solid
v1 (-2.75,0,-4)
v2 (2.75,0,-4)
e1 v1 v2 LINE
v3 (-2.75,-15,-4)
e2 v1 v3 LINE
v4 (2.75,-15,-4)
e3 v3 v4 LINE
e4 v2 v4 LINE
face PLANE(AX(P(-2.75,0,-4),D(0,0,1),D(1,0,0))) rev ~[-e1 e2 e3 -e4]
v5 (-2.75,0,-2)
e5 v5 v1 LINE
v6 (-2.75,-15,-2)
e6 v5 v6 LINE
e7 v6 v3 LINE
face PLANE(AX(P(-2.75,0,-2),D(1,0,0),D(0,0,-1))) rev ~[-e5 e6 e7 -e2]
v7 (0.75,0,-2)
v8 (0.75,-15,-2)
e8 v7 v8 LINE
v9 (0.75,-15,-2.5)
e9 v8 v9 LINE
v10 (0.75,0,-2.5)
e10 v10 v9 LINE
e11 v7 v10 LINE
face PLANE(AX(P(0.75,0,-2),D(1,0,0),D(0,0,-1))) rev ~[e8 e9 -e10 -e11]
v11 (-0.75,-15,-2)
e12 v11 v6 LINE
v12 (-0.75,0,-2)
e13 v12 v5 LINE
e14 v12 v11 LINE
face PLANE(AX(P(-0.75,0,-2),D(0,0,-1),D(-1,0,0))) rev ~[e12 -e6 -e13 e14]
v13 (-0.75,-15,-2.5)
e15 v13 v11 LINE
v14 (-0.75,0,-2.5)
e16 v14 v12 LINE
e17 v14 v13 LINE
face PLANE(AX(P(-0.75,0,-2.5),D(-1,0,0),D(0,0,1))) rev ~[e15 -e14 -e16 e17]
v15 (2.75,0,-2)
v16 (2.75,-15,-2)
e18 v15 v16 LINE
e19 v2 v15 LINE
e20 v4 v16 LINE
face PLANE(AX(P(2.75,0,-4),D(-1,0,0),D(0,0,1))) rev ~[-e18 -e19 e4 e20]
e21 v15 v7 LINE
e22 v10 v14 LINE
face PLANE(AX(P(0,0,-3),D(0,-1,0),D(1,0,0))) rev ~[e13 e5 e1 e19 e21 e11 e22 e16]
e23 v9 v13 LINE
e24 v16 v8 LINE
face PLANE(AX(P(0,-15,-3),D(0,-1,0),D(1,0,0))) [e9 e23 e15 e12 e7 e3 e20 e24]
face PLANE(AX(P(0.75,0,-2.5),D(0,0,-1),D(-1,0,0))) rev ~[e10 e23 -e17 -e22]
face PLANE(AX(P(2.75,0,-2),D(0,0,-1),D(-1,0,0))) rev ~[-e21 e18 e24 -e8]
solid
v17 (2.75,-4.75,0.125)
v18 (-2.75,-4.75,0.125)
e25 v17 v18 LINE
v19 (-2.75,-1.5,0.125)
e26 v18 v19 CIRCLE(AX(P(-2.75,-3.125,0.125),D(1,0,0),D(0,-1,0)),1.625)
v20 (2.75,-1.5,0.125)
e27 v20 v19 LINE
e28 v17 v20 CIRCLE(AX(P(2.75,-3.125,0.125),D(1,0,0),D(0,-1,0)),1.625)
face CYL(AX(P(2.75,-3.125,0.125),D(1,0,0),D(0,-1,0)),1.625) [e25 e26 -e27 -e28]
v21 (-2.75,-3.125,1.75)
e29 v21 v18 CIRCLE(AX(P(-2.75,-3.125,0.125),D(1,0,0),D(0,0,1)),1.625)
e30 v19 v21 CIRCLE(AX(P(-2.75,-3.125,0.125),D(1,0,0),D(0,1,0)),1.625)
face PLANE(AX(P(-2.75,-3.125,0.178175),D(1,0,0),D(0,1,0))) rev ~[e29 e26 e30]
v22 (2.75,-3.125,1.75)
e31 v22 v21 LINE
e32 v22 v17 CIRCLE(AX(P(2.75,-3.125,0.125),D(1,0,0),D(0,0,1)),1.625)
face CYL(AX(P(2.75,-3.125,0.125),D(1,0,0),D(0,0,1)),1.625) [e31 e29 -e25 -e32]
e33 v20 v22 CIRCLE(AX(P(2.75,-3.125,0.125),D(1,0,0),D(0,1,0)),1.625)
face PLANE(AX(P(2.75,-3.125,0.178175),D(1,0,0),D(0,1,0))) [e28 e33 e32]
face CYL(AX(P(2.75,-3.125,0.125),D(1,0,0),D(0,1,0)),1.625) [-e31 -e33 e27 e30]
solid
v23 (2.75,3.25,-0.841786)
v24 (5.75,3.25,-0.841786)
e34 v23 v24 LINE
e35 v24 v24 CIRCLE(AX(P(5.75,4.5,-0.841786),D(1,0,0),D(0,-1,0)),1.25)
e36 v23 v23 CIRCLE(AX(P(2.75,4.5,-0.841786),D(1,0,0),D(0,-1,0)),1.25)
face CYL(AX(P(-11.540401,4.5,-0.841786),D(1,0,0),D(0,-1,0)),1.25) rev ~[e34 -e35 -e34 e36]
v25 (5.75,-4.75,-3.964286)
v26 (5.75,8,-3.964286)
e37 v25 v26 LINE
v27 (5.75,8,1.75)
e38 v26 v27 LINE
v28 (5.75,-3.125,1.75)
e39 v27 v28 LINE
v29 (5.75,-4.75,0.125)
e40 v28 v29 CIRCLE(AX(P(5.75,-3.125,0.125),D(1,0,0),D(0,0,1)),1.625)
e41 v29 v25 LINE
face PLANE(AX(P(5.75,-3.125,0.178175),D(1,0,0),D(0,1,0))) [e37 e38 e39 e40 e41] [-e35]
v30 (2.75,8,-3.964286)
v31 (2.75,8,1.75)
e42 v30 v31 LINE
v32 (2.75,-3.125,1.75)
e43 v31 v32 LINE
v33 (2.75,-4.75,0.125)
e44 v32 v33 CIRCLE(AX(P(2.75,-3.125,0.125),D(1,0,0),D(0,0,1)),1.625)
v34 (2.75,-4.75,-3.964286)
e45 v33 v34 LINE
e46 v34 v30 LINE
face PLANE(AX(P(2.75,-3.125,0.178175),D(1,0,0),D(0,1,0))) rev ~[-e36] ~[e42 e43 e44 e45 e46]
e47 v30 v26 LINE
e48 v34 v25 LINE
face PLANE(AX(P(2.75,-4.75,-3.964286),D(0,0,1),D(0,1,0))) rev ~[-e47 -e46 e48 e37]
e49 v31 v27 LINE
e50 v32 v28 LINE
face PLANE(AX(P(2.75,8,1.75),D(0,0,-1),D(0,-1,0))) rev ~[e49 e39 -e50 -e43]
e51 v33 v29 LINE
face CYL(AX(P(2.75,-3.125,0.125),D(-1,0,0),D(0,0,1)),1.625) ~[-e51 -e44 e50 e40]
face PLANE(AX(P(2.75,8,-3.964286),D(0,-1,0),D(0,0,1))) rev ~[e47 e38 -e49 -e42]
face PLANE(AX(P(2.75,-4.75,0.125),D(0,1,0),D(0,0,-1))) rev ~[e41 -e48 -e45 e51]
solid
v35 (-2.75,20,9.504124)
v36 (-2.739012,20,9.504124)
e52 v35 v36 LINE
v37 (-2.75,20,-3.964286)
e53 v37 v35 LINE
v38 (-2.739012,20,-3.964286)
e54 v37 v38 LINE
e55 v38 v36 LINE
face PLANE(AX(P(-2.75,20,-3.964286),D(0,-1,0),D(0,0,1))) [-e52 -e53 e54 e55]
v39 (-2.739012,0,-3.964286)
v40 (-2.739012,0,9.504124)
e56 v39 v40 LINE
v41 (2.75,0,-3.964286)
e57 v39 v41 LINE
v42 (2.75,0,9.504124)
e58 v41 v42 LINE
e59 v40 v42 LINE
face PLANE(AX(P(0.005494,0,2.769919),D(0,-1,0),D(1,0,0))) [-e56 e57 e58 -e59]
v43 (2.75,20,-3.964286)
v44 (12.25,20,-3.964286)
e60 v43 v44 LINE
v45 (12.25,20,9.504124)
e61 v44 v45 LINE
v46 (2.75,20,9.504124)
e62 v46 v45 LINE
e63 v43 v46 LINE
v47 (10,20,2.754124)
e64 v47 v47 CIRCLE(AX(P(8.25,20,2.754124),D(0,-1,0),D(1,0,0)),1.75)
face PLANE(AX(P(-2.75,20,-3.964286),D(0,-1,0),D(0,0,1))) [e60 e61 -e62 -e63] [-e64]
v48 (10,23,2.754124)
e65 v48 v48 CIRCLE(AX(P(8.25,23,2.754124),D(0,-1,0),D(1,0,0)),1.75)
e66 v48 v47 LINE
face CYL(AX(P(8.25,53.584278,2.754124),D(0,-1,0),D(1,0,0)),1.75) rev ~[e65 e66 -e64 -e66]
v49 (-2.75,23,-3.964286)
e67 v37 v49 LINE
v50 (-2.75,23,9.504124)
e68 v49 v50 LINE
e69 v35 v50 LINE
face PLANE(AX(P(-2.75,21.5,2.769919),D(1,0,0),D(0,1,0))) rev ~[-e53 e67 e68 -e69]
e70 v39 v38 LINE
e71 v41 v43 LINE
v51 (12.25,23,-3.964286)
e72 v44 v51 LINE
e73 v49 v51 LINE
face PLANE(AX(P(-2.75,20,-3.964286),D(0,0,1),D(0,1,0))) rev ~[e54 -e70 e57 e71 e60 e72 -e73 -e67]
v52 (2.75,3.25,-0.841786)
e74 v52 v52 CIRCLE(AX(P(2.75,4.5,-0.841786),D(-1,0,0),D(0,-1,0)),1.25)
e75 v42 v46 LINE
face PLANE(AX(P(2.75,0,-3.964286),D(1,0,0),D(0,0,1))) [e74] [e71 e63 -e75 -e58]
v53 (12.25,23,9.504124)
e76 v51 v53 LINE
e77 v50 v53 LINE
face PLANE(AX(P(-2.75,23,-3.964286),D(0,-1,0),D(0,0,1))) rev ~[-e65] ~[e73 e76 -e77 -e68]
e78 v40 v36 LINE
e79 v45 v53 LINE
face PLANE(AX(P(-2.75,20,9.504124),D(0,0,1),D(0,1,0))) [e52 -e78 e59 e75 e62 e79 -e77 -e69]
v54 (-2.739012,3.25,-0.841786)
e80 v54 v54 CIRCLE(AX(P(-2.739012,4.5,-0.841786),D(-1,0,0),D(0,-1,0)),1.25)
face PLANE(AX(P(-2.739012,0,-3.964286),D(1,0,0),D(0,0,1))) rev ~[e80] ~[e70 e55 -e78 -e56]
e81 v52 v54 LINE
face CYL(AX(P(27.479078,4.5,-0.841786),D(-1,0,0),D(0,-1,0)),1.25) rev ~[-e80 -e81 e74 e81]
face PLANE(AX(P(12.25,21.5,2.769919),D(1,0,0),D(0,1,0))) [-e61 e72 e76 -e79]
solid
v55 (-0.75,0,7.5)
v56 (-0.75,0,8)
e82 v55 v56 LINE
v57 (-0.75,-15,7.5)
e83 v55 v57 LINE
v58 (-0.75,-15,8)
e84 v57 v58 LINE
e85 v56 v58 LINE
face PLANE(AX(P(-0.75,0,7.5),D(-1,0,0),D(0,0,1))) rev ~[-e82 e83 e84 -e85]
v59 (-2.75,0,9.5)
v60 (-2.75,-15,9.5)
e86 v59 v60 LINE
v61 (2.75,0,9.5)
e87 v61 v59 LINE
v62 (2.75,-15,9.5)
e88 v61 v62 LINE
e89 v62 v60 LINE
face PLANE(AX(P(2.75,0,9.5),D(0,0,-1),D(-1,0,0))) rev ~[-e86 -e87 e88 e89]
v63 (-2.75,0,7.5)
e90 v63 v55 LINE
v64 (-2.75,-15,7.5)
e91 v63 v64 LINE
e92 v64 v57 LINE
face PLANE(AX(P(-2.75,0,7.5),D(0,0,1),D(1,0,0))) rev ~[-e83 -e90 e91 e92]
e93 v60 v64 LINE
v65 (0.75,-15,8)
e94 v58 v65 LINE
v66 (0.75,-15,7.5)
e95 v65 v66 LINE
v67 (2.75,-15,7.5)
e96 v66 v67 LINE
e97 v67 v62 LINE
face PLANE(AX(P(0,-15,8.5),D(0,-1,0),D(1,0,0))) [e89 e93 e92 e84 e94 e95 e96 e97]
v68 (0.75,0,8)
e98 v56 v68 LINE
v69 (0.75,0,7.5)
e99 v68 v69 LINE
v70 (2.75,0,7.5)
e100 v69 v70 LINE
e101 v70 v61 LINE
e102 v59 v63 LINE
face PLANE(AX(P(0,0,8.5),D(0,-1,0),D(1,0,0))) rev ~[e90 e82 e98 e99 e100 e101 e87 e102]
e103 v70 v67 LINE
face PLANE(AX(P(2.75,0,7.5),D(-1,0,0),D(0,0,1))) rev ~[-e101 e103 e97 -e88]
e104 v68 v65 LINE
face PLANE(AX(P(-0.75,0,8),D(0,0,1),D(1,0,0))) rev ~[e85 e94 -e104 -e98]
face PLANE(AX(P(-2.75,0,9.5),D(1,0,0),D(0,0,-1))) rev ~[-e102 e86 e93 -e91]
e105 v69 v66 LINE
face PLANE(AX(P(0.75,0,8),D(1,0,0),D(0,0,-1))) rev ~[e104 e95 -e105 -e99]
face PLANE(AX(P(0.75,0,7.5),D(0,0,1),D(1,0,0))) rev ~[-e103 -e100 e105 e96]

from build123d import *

# Parameters (mm, degrees)
F2_DEPTH  = 15
F3_W      = 5.4890122265
F3_H      = 13.4684094228
F4_DEPTH  = 20
F6_D      = 2.5
F7_DEPTH  = 5.5
F8_DEPTH  = 3
F9_D      = 2.5
F11_W     = 3
F11_H     = 13.4684094228
F12_DEPTH = 15
F15_D     = 3.5


with BuildPart() as f2:
    # F1 (on Front) → F2 (new body)
    with BuildSketch(Plane.XZ):
        Polygon((-0.75, 7.5), (-0.75, 8), (0.75, 8), (0.75, 7.5), (2.75, 7.5), (2.75, 9.5), (-2.75, 9.5), (-2.75, 7.5), align=None)
    extrude(amount=F2_DEPTH)


with BuildPart() as f2b:
    # F1 (on Front) → F2, piece 2 (new body)
    with BuildSketch(Plane.XZ):
        Polygon((0.75, -2), (0.75, -2.5), (-0.75, -2.5), (-0.75, -2), (-2.75, -2), (-2.75, -4), (2.75, -4), (2.75, -2), align=None)
    extrude(amount=F2_DEPTH)


with BuildPart() as f4:
    # F3 (on Front) → F4 (new body)
    with BuildSketch(Plane.XZ):
        with Locations((0.0054938868, 2.7699188795)):
            Rectangle(F3_W, F3_H)
    extrude(amount=-F4_DEPTH)

    # F6 (through all)
    with Locations(Plane.YZ.offset(2.75)):
        with Locations((4.5, -0.8417858319)):
            Hole(F6_D / 2)

    # F11 (on offset) → F12 (join)
    with BuildSketch(Plane.YZ.offset(-2.75)):
        with Locations((21.5, 2.7699188795)):
            Rectangle(F11_W, F11_H)
    extrude(amount=F12_DEPTH)

    # F15 (through all)
    with Locations(Plane(origin=(0, 23, 0), x_dir=(-1, 0, 0), z_dir=(0, 1, 0))):
        with Locations((-8.25, 2.7541235909)):
            Hole(F15_D / 2)


with BuildPart() as f7:
    # F5 (on offset) → F7 (new body)
    with BuildSketch(Plane.YZ.offset(2.75)):
        with BuildLine():
            ThreePointArc((-4.75, 0.125), (-3.125, -1.5), (-1.5, 0.125))
            ThreePointArc((-1.5, 0.125), (-1.9759514806, 1.2740485194), (-3.125, 1.75))
            ThreePointArc((-3.125, 1.75), (-4.2740485194, 1.2740485194), (-4.75, 0.125))
        make_face()
    extrude(amount=-F7_DEPTH)


with BuildPart() as f8:
    # F5 (on offset) → F8 (new body)
    with BuildSketch(Plane.YZ.offset(2.75)):
        with BuildLine():
            ThreePointArc((-4.75, 0.125), (-3.125, -1.5), (-1.5, 0.125))
            ThreePointArc((-1.5, 0.125), (-1.9759514806, 1.2740485194), (-3.125, 1.75))
            ThreePointArc((-3.125, 1.75), (-4.2740485194, 1.2740485194), (-4.75, 0.125))
        make_face()
        with BuildLine():
            ThreePointArc((-3.125, 1.75), (-1.9759514806, 1.2740485194), (-1.5, 0.125))
            ThreePointArc((-1.5, 0.125), (-3.125, -1.5), (-4.75, 0.125))
            Line((-4.75, 0.125), (-4.75, -3.9642858319))
            Line((-4.75, -3.9642858319), (8, -3.9642858319))
            Line((8, -3.9642858319), (8, 1.75))
            Line((8, 1.75), (-3.125, 1.75))
        make_face()
    extrude(amount=F8_DEPTH)

    # F9 (through all)
    with Locations(Plane(origin=(2.75, 0, 0), x_dir=(0, 1, 0), z_dir=(-1, 0, 0))):
        with Locations((4.5, 0.8417858319)):
            Hole(F9_D / 2)


solid = Compound([f2.part, f2b.part, f4.part, f7.part, f8.part])
